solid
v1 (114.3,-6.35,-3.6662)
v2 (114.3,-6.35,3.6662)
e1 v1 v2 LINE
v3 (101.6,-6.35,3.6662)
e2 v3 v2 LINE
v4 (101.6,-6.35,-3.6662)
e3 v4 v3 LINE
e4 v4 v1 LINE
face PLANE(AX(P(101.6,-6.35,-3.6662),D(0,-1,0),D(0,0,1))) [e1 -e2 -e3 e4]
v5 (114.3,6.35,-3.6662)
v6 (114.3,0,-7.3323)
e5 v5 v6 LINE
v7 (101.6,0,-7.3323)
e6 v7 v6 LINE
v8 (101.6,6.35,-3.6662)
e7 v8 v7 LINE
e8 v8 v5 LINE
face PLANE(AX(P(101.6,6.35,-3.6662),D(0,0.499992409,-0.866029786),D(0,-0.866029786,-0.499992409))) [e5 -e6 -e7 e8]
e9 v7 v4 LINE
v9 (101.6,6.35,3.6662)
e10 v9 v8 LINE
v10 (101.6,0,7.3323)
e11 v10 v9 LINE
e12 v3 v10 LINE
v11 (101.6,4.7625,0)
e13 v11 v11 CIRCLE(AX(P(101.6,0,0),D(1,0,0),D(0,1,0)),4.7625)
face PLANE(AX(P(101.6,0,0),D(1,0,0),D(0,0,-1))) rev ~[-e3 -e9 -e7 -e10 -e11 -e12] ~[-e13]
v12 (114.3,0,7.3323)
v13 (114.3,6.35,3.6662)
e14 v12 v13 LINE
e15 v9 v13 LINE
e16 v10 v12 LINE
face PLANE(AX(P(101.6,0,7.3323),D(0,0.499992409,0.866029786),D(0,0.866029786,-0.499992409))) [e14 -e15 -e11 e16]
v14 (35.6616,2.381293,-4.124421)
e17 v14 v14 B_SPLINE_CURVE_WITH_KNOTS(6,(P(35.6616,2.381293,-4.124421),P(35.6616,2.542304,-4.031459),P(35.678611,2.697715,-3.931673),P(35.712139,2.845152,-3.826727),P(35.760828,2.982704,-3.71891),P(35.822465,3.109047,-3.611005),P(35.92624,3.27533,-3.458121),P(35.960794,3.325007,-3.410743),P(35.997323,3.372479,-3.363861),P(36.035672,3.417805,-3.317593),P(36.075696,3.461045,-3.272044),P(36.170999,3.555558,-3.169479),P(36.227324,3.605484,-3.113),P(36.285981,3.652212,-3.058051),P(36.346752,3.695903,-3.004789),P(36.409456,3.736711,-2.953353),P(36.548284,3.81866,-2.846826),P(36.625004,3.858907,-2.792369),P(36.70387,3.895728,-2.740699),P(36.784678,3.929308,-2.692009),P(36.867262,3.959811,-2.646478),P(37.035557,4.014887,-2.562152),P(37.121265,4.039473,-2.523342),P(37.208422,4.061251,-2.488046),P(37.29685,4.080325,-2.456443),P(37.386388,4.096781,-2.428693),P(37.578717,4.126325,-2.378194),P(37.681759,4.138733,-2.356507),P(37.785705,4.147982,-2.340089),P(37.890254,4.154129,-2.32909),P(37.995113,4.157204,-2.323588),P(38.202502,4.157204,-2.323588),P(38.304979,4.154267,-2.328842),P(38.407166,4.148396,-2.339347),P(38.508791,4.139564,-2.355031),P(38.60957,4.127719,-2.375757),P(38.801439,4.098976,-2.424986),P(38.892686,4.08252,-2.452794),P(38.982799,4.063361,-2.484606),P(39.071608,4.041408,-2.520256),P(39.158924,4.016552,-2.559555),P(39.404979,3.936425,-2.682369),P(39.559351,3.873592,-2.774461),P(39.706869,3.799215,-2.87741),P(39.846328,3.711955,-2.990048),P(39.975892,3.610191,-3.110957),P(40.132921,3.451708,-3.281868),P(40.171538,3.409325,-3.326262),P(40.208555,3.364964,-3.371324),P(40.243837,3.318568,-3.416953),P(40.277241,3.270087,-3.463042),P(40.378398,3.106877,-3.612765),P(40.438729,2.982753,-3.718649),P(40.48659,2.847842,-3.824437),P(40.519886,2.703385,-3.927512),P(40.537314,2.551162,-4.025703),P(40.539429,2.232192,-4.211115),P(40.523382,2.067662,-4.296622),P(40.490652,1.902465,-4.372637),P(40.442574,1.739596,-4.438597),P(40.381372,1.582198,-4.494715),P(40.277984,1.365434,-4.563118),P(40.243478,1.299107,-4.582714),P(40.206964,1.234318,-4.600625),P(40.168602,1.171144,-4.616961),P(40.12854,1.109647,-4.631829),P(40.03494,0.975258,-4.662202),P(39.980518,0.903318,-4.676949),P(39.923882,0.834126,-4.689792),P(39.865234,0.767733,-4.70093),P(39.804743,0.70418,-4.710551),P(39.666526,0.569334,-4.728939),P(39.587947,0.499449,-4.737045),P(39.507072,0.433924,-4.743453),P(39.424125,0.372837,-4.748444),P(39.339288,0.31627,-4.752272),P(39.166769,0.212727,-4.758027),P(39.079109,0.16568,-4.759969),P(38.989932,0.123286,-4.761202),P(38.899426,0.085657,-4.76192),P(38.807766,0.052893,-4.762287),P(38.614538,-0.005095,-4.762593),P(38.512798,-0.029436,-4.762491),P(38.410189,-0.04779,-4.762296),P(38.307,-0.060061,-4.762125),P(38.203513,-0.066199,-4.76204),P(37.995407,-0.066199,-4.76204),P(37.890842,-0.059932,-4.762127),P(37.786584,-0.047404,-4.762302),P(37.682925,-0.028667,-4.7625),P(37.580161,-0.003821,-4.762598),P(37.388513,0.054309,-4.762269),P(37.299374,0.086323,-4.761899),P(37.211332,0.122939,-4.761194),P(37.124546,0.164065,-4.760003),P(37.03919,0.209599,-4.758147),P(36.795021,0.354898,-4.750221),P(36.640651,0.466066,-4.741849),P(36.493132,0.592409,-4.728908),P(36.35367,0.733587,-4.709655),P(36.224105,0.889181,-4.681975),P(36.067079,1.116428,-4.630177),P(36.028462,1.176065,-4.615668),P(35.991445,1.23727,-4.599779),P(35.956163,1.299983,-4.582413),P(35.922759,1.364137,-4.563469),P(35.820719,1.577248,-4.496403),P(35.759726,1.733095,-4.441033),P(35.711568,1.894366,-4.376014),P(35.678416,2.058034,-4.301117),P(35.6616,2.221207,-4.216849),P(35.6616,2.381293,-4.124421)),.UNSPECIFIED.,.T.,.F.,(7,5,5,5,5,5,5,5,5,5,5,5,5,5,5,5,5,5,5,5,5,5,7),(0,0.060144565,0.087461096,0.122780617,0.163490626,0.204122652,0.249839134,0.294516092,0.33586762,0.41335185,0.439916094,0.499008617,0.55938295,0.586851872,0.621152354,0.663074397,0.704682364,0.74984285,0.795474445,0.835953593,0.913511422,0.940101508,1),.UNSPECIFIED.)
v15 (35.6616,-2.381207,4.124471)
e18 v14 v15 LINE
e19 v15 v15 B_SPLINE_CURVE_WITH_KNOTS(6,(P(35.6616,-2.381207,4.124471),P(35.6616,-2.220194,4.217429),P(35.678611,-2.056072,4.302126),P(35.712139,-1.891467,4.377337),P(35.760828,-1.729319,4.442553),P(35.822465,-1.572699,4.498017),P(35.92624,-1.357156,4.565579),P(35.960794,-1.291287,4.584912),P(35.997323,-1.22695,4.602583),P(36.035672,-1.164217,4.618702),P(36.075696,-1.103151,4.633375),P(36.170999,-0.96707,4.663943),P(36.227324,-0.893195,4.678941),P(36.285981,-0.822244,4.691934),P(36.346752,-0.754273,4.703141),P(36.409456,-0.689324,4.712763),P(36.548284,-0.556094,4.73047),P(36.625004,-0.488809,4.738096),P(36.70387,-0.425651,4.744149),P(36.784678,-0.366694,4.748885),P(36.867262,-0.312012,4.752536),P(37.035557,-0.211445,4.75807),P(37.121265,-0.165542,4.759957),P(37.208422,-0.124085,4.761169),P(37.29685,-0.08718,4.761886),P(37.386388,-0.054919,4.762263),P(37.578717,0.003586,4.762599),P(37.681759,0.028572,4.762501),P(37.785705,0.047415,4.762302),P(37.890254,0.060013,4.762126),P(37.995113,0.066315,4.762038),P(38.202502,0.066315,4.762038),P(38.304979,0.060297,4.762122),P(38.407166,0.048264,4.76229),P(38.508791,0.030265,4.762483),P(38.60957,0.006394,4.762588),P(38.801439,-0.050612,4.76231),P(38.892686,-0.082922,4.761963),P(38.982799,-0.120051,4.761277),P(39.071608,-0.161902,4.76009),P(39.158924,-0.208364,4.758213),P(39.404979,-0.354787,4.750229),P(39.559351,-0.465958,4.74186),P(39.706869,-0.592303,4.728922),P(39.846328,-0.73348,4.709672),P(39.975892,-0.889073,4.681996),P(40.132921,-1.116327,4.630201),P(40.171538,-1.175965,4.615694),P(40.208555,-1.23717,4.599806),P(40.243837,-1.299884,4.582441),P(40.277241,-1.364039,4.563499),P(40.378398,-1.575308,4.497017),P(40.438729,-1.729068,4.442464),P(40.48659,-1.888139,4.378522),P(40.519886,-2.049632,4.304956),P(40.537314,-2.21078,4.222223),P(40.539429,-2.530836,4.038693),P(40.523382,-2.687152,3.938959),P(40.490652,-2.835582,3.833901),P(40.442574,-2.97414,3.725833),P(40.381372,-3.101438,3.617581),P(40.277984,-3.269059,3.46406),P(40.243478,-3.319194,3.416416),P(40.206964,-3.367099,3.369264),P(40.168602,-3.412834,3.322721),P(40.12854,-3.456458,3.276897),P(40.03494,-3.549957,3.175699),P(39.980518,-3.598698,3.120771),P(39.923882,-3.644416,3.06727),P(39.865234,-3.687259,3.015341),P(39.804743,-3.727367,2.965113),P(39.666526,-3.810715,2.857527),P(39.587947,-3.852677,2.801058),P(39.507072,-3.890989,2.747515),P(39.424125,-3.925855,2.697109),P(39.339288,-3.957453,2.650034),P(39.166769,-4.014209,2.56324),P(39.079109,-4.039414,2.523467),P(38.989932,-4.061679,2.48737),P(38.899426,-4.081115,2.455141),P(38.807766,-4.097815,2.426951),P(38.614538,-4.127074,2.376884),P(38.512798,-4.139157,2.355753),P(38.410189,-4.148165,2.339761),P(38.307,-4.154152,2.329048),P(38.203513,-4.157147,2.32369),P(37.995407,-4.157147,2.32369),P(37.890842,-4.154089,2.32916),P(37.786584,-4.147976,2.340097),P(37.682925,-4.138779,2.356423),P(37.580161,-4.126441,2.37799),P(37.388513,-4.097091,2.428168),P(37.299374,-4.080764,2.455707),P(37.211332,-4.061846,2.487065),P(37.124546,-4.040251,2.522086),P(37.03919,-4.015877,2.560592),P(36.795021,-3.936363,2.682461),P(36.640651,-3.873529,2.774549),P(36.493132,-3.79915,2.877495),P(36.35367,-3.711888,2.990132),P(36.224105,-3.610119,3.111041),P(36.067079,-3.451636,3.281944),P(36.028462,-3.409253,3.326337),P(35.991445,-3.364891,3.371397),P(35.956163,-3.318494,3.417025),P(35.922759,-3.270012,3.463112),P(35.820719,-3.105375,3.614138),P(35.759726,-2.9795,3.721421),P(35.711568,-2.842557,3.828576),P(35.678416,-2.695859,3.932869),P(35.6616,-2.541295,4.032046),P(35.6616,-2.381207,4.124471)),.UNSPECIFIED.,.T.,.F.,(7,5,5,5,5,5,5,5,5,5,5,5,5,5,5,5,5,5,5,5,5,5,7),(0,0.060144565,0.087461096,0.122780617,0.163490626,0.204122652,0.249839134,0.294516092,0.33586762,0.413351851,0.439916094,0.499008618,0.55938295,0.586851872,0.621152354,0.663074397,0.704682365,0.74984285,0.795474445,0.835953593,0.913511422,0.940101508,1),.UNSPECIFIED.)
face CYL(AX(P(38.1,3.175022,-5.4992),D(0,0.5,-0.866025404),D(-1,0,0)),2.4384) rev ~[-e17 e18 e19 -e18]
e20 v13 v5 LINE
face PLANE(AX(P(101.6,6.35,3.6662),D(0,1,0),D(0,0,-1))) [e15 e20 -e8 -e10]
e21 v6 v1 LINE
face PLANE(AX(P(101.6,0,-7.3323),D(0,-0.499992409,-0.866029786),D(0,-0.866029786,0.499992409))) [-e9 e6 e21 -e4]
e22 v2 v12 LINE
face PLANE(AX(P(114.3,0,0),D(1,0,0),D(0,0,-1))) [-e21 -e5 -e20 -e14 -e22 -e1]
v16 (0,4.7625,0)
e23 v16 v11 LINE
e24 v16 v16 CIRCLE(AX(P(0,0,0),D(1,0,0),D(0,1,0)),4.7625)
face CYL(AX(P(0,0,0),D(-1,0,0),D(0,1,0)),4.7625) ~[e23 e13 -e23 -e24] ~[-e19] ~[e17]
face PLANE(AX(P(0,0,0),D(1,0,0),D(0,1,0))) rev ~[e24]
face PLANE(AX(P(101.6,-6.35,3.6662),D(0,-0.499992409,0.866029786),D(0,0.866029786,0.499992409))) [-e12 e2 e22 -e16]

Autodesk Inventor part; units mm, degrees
ref_plane "YZ Plane" through (0, 0, 0) normal (1, 0, 0) x (0, 1, 0)
ref_plane "XZ Plane" through (0, 0, 0) normal (0, 1, 0) x (-1, 0, 0)
ref_plane "XY Plane" through (0, 0, 0) normal (0, 0, 1) x (1, 0, 0)
sketch "Sketch1" plane through (0, 0, 0) normal (1, 0, 0) x (0, 1, 0)
  circle A0 centre (0, 0) radius 4.7625
  dimension "d0" = 9.525
extrude "Extrusion1" add sketch "Sketch1" along normal blind 101.6
sketch "Sketch2" plane through (101.6, 0, 0) normal (1, 0, 0) x (0, 0, -1)
  circle A0 centre (0, 0) radius 4.7625 projected
  line L0 (3.6662, 6.35) -> (7.3323, 0)
  line L1 (7.3323, 0) -> (3.6662, -6.35)
  line L2 (3.6662, -6.35) -> (-3.6662, -6.35)
  line L3 (-3.6662, -6.35) -> (-7.3323, 0)
  line L4 (-7.3323, 0) -> (-3.6662, 6.35)
  line L5 (-3.6662, 6.35) -> (3.6662, 6.35)
  dimension "d3" = 12.7
extrude "Extrusion2" add sketch "Sketch2" along normal blind 12.7 contours A0 | L0 L1 L2 L3 L4 L5
sketch "Sketch3" plane through (114.3, 0, -7.3323) normal (0, 0.5, -0.866) x (-1, 0, 0)
  circle A0 centre (76.2, 3.6662) radius 2.4384
  line L0 (12.7, 7.3323) -> (76.2, 7.3323) construction
  line L1 (76.2, 7.3323) -> (76.2, 3.6662) construction
  line L2 (76.2, 3.6662) -> (76.2, 0) construction
  line L3 (76.2, 0) -> (12.7, 0) construction
  point P0 (114.3, 3.6662)
  dimension "d6" = 4.8768
  dimension "d9" = 63.5
extrude "Extrusion3" cut sketch "Sketch3" against normal through all
properties part number "Shovel_RollerDriveAxle" material "Aluminum-6061-AHC"
